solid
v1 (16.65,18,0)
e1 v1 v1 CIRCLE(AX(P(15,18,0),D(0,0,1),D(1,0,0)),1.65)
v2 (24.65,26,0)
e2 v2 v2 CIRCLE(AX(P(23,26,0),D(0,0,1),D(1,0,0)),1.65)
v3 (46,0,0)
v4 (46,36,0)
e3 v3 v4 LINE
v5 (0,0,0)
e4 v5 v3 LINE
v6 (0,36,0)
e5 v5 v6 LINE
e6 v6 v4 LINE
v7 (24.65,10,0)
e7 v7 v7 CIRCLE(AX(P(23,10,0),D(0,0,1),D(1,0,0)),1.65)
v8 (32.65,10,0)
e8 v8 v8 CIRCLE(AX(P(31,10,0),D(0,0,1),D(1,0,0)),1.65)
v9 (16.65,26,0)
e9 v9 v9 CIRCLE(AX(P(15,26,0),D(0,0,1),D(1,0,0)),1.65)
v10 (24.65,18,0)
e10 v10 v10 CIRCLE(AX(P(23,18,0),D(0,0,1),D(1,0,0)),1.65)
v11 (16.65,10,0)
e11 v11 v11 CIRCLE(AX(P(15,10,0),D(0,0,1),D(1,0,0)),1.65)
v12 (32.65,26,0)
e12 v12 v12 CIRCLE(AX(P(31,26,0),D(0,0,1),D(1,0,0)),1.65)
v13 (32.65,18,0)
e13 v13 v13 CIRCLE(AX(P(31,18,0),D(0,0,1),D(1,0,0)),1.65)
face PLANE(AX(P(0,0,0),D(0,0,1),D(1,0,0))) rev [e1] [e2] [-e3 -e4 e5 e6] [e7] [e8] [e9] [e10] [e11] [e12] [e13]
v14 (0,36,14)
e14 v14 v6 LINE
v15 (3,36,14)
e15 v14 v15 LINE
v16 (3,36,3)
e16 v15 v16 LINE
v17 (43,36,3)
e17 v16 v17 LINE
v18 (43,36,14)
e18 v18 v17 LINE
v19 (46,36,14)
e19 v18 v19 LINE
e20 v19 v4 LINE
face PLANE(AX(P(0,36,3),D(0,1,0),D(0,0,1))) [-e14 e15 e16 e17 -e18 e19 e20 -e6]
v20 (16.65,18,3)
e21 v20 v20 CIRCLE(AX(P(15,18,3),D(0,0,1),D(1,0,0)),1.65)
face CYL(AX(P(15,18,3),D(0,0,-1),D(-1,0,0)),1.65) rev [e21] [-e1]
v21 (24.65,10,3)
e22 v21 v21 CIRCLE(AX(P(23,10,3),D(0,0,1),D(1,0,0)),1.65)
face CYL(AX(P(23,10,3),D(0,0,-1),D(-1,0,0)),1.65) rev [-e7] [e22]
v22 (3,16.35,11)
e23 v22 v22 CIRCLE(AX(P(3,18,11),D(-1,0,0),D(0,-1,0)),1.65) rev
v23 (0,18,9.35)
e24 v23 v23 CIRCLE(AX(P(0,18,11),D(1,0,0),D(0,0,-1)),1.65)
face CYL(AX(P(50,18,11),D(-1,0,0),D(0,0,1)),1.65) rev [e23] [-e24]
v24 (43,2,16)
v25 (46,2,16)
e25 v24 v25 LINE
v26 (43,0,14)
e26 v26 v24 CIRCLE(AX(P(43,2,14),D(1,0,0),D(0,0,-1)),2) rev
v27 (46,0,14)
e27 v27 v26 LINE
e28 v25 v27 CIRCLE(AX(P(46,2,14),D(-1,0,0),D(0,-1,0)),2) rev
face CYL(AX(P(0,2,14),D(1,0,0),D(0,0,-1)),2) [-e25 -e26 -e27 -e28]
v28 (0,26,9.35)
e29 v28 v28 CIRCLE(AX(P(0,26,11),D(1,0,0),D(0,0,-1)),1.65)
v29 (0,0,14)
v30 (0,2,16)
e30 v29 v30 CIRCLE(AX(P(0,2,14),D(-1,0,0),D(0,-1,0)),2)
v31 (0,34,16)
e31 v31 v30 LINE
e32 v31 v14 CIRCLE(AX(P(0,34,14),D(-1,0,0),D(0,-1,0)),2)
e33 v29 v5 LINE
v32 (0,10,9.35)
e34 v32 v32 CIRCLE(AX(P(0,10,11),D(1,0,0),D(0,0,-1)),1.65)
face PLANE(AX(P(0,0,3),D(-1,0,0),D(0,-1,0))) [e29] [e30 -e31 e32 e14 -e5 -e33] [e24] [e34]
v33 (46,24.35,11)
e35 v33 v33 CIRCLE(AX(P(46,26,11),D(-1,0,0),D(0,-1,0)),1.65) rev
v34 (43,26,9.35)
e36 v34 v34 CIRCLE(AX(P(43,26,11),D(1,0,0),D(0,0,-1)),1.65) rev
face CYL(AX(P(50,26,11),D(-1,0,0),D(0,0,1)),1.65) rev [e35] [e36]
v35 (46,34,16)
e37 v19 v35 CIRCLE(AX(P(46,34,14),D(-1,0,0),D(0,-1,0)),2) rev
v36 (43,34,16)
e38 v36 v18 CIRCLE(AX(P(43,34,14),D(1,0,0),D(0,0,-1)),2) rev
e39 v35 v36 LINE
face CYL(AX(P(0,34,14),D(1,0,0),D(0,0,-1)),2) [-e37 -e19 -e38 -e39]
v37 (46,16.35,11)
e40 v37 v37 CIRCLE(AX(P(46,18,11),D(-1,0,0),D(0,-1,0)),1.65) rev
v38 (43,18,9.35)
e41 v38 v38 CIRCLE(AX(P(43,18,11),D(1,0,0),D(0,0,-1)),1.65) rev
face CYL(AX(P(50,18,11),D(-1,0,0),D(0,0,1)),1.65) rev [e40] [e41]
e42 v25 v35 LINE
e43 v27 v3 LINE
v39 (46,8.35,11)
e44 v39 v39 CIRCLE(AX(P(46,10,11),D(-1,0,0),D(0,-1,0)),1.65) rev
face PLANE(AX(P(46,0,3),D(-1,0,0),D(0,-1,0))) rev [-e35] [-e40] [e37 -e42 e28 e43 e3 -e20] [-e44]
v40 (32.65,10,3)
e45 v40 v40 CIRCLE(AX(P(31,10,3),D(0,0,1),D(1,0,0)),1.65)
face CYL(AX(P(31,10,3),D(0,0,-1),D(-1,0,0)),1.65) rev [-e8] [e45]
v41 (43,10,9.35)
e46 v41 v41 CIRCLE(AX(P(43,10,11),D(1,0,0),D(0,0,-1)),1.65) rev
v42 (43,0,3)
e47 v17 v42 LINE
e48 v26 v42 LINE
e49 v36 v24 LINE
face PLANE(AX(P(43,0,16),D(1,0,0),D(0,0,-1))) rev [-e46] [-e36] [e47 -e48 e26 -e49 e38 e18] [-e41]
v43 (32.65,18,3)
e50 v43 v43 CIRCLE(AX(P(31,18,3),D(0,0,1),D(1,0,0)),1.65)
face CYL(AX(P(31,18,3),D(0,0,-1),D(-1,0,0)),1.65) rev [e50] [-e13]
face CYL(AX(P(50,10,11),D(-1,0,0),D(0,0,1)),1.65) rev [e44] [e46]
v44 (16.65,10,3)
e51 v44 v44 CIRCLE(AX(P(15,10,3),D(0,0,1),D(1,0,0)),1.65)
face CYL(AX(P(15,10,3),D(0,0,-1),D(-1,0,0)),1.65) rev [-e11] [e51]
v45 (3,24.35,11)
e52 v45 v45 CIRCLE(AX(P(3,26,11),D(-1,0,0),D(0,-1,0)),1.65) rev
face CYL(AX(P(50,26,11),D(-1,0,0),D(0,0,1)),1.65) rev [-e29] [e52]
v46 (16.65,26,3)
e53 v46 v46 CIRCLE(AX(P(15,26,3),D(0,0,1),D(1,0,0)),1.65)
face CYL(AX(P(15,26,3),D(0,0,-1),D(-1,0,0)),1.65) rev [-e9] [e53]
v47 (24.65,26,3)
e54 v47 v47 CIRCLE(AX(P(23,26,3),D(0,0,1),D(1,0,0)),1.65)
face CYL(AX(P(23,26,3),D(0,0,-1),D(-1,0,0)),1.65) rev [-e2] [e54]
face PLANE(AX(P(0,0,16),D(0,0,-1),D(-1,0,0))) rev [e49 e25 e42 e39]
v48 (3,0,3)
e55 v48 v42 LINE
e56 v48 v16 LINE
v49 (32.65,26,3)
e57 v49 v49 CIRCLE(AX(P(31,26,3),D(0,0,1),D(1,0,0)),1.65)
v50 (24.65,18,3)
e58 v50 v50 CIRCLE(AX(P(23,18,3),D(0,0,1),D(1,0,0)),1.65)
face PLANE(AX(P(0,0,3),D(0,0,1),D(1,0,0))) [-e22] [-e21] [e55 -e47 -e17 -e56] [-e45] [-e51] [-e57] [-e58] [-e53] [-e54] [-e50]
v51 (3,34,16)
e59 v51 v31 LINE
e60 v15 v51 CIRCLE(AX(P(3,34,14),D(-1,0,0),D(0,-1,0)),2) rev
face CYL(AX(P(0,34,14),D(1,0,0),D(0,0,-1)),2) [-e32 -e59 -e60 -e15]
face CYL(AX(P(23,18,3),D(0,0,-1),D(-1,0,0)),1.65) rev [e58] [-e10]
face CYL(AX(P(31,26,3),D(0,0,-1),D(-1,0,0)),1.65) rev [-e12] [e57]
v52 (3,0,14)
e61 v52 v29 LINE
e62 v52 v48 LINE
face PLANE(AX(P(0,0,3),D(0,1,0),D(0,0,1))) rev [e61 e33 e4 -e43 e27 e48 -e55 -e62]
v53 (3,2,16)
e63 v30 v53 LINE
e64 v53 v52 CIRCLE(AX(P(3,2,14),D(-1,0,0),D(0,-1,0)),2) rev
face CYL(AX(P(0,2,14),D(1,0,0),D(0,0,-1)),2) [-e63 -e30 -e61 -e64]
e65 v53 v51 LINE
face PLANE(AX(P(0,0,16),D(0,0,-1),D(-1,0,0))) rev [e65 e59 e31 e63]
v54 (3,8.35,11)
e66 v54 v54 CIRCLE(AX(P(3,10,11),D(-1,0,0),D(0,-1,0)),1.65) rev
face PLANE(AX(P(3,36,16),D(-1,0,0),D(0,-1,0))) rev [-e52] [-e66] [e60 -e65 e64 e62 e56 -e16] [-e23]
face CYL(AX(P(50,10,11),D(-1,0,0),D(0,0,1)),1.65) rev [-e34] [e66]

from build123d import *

# Parameters (mm, degrees)
SKETCH_2_W          = 46
SKETCH_2_H          = 36
SKETCH_2_R          = 1.65
EXTRUDE_1_DEPTH     = 3
SKETCH_3_W          = 3
SKETCH_3_H          = 36
EXTRUDE_2_DEPTH     = 13
CUT_EXTRUDE_1_DEPTH = 50
FILLET_1_R          = 2


with BuildPart() as part:
    # 草图2 → 凸台-拉伸1 (new body)
    with BuildSketch(Plane.XY):
        with Locations((23, 18)):
            Rectangle(SKETCH_2_W, SKETCH_2_H)
        with Locations((23, 18)):
            Circle(SKETCH_2_R, mode=Mode.SUBTRACT)
        with Locations((31, 18)):
            Circle(SKETCH_2_R, mode=Mode.SUBTRACT)
        with Locations((23, 26)):
            Circle(SKETCH_2_R, mode=Mode.SUBTRACT)
        with Locations((31, 26)):
            Circle(SKETCH_2_R, mode=Mode.SUBTRACT)
        with Locations((15, 26)):
            Circle(SKETCH_2_R, mode=Mode.SUBTRACT)
        with Locations((31, 10)):
            Circle(SKETCH_2_R, mode=Mode.SUBTRACT)
        with Locations((15, 18)):
            Circle(SKETCH_2_R, mode=Mode.SUBTRACT)
        with Locations((23, 10)):
            Circle(SKETCH_2_R, mode=Mode.SUBTRACT)
        with Locations((15, 10)):
            Circle(SKETCH_2_R, mode=Mode.SUBTRACT)
    extrude(amount=EXTRUDE_1_DEPTH)

    # 草图3 → 凸台-拉伸2 (add)
    with BuildSketch(Plane.XY.offset(3)):
        with Locations((1.5, 18)):
            Rectangle(SKETCH_3_W, SKETCH_3_H)
        with Locations((44.5, 18)):
            Rectangle(SKETCH_3_W, SKETCH_3_H)
    extrude(amount=EXTRUDE_2_DEPTH)

    # 草图4 → 切除-拉伸1 (cut)
    with BuildSketch(Plane(origin=(0, 0, 0), x_dir=(0, 0, -1), z_dir=(1, 0, 0))):
        with BuildLine():
            ThreePointArc((-9.35, 26), (-9.833273811, 27.166726189), (-11, 27.65))
            Line((-11, 27.65), (-11, 24.35))
            ThreePointArc((-11, 24.35), (-9.833273811, 24.833273811), (-9.35, 26))
        make_face()
        with BuildLine():
            Line((-11, 24.35), (-11, 27.65))
            ThreePointArc((-11, 27.65), (-12.65, 26), (-11, 24.35))
        make_face()
        with BuildLine():
            ThreePointArc((-11, 19.65), (-12.65, 18), (-11, 16.35))
            Line((-11, 16.35), (-11, 19.65))
        make_face()
        with BuildLine():
            Line((-11, 19.65), (-11, 16.35))
            ThreePointArc((-11, 16.35), (-9.833273811, 16.833273811), (-9.35, 18))
            ThreePointArc((-9.35, 18), (-9.833273811, 19.166726189), (-11, 19.65))
        make_face()
        with BuildLine():
            ThreePointArc((-11, 11.65), (-12.65, 10), (-11, 8.35))
            Line((-11, 8.35), (-11, 11.65))
        make_face()
        with BuildLine():
            Line((-11, 11.65), (-11, 8.35))
            ThreePointArc((-11, 8.35), (-9.833273811, 8.833273811), (-9.35, 10))
            ThreePointArc((-9.35, 10), (-9.833273811, 11.166726189), (-11, 11.65))
        make_face()
    extrude(amount=CUT_EXTRUDE_1_DEPTH, mode=Mode.SUBTRACT)

    # 圆角1
    fillet_1_edges = [part.edges().sort_by_distance(p)[0] for p in [
        (1.5, 36, 16),
        (1.5, 0, 16),
        (44.5, 0, 16),
        (44.5, 36, 16),
    ]]
    fillet(fillet_1_edges, radius=FILLET_1_R)


solid = part.part
